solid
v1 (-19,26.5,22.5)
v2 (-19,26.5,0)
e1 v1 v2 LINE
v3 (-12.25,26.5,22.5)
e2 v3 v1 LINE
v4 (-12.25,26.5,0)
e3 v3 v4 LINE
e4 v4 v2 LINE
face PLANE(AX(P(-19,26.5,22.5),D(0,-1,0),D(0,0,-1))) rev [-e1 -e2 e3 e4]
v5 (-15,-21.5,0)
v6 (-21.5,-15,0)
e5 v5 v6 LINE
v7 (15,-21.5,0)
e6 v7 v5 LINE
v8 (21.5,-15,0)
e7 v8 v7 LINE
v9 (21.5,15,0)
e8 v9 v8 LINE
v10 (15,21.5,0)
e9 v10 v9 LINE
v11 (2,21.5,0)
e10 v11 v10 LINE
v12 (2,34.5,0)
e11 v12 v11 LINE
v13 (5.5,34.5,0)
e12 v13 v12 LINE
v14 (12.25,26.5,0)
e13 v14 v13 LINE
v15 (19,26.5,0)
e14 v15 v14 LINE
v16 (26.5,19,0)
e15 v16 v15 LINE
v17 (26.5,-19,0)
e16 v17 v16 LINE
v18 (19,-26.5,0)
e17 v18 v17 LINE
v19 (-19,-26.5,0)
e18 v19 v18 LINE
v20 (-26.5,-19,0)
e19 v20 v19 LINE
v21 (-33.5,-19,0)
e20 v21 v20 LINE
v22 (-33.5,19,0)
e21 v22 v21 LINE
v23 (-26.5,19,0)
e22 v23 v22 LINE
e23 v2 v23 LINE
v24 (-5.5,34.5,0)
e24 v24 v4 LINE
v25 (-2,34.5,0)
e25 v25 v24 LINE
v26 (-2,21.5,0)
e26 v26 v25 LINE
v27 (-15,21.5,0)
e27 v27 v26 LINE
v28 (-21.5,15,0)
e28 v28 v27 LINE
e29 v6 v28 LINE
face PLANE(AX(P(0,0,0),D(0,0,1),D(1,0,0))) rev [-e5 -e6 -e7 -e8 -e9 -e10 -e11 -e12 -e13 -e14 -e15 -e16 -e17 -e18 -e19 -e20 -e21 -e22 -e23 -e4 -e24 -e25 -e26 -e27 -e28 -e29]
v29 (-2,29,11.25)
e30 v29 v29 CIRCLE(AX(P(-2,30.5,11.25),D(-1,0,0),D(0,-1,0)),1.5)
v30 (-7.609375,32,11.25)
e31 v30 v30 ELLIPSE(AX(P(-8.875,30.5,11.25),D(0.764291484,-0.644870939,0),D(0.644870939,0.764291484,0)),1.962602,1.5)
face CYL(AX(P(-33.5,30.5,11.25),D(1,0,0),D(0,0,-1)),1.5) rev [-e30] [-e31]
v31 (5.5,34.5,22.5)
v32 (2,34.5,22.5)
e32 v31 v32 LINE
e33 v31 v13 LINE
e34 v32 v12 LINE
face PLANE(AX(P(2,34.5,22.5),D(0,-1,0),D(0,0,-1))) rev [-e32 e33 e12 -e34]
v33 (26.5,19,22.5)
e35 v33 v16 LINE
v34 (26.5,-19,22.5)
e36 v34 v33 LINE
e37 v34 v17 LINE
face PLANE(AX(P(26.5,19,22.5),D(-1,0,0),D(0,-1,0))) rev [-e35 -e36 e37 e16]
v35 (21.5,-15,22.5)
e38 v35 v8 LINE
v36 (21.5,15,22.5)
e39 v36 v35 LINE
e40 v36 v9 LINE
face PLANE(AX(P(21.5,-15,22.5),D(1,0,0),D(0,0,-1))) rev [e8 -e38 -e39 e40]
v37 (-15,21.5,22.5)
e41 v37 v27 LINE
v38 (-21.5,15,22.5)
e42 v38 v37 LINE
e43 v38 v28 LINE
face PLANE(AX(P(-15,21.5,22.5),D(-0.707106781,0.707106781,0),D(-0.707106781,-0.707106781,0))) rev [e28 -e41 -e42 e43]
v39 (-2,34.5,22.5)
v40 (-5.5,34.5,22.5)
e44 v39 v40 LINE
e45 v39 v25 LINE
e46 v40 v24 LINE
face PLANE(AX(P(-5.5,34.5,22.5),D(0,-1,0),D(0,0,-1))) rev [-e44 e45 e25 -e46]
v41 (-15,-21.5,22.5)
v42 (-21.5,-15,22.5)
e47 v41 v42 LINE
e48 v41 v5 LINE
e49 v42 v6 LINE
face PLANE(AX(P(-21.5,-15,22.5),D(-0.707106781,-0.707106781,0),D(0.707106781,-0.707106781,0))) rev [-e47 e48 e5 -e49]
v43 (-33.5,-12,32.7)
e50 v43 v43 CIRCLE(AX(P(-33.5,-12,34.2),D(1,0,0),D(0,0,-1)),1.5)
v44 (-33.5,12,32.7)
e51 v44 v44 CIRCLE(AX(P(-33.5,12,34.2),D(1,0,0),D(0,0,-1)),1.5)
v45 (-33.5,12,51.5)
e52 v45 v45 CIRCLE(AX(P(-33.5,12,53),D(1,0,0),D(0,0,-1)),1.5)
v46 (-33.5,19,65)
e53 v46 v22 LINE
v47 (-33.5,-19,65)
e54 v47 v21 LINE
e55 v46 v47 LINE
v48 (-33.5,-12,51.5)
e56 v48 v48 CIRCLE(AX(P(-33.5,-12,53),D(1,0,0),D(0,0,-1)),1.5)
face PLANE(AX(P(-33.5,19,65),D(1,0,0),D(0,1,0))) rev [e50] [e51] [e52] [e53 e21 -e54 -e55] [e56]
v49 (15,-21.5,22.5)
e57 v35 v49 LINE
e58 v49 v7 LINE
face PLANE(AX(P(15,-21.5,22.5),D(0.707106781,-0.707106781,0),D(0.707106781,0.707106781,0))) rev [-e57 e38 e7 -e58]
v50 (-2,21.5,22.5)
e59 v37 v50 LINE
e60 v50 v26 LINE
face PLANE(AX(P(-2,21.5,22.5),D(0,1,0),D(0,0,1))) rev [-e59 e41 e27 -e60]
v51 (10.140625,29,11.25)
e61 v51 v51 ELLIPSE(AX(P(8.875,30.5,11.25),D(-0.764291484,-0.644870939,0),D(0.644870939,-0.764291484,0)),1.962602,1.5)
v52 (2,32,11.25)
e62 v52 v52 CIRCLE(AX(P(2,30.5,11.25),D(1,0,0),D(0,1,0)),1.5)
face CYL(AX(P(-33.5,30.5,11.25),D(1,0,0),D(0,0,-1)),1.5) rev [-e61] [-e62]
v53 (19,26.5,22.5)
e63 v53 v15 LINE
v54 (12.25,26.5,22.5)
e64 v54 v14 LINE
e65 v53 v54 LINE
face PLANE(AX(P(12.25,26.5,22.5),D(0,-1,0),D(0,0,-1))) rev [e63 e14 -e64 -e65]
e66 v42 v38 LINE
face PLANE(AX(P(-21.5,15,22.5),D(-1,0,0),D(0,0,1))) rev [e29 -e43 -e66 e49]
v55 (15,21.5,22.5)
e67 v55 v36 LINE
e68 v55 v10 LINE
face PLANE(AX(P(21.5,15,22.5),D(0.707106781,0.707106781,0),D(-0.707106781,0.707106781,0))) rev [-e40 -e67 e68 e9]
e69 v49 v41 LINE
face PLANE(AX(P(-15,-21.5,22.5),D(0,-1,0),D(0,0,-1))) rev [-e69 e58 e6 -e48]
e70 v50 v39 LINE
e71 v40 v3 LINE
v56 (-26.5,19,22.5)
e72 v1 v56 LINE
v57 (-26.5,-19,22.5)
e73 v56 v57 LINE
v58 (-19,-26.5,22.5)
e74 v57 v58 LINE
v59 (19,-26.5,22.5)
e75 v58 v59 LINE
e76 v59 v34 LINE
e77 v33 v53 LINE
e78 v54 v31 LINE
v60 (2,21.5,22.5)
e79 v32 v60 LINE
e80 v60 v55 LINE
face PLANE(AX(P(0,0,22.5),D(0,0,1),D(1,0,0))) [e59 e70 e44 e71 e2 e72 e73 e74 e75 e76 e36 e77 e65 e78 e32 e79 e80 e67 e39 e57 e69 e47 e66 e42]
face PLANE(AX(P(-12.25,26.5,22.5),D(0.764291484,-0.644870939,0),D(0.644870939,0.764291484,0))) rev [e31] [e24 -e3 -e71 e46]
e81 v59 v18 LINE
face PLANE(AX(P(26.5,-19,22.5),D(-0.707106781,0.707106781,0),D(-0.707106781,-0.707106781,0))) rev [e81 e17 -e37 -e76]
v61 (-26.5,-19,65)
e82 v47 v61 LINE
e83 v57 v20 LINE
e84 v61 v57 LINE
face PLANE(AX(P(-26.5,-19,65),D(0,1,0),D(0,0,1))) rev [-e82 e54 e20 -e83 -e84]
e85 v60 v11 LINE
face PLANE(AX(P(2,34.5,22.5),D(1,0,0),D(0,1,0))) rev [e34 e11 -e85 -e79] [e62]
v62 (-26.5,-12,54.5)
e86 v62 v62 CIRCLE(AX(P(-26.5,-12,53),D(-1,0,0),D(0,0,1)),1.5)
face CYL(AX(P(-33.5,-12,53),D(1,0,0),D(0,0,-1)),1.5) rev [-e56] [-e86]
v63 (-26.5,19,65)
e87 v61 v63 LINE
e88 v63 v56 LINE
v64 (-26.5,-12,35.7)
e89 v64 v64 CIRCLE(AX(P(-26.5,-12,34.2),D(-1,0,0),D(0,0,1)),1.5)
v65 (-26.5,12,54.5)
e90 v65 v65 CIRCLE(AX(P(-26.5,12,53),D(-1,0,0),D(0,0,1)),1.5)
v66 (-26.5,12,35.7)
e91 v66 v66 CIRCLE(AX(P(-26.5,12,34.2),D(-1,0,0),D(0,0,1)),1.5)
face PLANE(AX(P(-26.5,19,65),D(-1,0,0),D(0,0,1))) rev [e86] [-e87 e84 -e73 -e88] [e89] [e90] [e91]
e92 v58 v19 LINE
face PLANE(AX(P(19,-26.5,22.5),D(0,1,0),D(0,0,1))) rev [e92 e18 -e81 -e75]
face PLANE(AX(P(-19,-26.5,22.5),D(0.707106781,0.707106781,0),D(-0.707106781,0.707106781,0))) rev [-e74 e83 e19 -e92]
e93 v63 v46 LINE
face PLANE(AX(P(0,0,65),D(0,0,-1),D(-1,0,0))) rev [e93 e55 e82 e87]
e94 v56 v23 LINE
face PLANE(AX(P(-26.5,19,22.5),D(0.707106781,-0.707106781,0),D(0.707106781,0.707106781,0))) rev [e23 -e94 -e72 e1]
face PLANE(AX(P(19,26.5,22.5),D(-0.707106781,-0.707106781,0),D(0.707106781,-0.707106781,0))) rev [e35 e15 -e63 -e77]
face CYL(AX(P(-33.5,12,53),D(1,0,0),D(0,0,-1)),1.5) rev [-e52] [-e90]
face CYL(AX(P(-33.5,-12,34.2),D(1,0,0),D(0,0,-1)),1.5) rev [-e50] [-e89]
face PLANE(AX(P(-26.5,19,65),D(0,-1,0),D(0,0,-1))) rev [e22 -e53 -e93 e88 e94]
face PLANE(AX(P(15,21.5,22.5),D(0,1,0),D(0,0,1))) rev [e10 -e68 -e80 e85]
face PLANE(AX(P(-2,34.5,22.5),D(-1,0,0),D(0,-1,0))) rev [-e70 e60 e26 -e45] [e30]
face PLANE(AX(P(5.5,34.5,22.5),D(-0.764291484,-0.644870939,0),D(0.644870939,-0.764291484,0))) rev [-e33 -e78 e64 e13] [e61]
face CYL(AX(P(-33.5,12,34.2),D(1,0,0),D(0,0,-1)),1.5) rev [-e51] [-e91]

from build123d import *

# Parameters (mm, degrees)
SALIENTE_EXTRUIR1_DEPTH    = 22.5
CROQUIS2_W                 = 7
CROQUIS2_H                 = 38
SALIENTE_EXTRUIR2_DEPTH    = 65
CORTAR_EXTRUIR1_DEPTH      = 81.854808144
CORTAR_EXTRUIR1_DEPTH_BACK = 81.854808144
CROQUIS3_R                 = 1.5


with BuildPart() as part:
    # Croquis1 → Saliente-Extruir1 (new body)
    with BuildSketch(Plane.XY):
        Polygon((-15, 21.5), (-21.5, 15), (-21.5, -15), (-15, -21.5), (15, -21.5), (21.5, -15), (21.5, 15), (15, 21.5), (2, 21.5), (2, 34.5), (5.5, 34.5), (12.25, 26.5), (19, 26.5), (26.5, 19), (26.5, -19), (19, -26.5), (-19, -26.5), (-26.5, -19), (-26.5, 19), (-19, 26.5), (-12.25, 26.5), (-5.5, 34.5), (-2, 34.5), (-2, 21.5), align=None)
    extrude(amount=SALIENTE_EXTRUIR1_DEPTH)

    # Croquis2 → Saliente-Extruir2 (add)
    with BuildSketch(Plane.XY):
        with Locations((-30, 0)):
            Rectangle(CROQUIS2_W, CROQUIS2_H)
    extrude(amount=SALIENTE_EXTRUIR2_DEPTH)

    # Croquis3 → Cortar-Extruir1 (cut, two sides: drawn at the far end of the back side and taken through both)
    with BuildSketch(Plane(origin=(0, 0, 0), x_dir=(0, 0, -1), z_dir=(1, 0, 0)).offset(-CORTAR_EXTRUIR1_DEPTH_BACK)):
        with Locations(Location((-11.25, 30.5, 0), (0, 0, 90))):
            Circle(CROQUIS3_R)
        with Locations((-53, 12)):
            Circle(CROQUIS3_R)
        with Locations((-34.2, 12)):
            Circle(CROQUIS3_R)
        with Locations((-34.2, -12)):
            Circle(CROQUIS3_R)
        with Locations((-53, -12)):
            Circle(CROQUIS3_R)
    extrude(amount=CORTAR_EXTRUIR1_DEPTH + CORTAR_EXTRUIR1_DEPTH_BACK, mode=Mode.SUBTRACT)


solid = part.part
